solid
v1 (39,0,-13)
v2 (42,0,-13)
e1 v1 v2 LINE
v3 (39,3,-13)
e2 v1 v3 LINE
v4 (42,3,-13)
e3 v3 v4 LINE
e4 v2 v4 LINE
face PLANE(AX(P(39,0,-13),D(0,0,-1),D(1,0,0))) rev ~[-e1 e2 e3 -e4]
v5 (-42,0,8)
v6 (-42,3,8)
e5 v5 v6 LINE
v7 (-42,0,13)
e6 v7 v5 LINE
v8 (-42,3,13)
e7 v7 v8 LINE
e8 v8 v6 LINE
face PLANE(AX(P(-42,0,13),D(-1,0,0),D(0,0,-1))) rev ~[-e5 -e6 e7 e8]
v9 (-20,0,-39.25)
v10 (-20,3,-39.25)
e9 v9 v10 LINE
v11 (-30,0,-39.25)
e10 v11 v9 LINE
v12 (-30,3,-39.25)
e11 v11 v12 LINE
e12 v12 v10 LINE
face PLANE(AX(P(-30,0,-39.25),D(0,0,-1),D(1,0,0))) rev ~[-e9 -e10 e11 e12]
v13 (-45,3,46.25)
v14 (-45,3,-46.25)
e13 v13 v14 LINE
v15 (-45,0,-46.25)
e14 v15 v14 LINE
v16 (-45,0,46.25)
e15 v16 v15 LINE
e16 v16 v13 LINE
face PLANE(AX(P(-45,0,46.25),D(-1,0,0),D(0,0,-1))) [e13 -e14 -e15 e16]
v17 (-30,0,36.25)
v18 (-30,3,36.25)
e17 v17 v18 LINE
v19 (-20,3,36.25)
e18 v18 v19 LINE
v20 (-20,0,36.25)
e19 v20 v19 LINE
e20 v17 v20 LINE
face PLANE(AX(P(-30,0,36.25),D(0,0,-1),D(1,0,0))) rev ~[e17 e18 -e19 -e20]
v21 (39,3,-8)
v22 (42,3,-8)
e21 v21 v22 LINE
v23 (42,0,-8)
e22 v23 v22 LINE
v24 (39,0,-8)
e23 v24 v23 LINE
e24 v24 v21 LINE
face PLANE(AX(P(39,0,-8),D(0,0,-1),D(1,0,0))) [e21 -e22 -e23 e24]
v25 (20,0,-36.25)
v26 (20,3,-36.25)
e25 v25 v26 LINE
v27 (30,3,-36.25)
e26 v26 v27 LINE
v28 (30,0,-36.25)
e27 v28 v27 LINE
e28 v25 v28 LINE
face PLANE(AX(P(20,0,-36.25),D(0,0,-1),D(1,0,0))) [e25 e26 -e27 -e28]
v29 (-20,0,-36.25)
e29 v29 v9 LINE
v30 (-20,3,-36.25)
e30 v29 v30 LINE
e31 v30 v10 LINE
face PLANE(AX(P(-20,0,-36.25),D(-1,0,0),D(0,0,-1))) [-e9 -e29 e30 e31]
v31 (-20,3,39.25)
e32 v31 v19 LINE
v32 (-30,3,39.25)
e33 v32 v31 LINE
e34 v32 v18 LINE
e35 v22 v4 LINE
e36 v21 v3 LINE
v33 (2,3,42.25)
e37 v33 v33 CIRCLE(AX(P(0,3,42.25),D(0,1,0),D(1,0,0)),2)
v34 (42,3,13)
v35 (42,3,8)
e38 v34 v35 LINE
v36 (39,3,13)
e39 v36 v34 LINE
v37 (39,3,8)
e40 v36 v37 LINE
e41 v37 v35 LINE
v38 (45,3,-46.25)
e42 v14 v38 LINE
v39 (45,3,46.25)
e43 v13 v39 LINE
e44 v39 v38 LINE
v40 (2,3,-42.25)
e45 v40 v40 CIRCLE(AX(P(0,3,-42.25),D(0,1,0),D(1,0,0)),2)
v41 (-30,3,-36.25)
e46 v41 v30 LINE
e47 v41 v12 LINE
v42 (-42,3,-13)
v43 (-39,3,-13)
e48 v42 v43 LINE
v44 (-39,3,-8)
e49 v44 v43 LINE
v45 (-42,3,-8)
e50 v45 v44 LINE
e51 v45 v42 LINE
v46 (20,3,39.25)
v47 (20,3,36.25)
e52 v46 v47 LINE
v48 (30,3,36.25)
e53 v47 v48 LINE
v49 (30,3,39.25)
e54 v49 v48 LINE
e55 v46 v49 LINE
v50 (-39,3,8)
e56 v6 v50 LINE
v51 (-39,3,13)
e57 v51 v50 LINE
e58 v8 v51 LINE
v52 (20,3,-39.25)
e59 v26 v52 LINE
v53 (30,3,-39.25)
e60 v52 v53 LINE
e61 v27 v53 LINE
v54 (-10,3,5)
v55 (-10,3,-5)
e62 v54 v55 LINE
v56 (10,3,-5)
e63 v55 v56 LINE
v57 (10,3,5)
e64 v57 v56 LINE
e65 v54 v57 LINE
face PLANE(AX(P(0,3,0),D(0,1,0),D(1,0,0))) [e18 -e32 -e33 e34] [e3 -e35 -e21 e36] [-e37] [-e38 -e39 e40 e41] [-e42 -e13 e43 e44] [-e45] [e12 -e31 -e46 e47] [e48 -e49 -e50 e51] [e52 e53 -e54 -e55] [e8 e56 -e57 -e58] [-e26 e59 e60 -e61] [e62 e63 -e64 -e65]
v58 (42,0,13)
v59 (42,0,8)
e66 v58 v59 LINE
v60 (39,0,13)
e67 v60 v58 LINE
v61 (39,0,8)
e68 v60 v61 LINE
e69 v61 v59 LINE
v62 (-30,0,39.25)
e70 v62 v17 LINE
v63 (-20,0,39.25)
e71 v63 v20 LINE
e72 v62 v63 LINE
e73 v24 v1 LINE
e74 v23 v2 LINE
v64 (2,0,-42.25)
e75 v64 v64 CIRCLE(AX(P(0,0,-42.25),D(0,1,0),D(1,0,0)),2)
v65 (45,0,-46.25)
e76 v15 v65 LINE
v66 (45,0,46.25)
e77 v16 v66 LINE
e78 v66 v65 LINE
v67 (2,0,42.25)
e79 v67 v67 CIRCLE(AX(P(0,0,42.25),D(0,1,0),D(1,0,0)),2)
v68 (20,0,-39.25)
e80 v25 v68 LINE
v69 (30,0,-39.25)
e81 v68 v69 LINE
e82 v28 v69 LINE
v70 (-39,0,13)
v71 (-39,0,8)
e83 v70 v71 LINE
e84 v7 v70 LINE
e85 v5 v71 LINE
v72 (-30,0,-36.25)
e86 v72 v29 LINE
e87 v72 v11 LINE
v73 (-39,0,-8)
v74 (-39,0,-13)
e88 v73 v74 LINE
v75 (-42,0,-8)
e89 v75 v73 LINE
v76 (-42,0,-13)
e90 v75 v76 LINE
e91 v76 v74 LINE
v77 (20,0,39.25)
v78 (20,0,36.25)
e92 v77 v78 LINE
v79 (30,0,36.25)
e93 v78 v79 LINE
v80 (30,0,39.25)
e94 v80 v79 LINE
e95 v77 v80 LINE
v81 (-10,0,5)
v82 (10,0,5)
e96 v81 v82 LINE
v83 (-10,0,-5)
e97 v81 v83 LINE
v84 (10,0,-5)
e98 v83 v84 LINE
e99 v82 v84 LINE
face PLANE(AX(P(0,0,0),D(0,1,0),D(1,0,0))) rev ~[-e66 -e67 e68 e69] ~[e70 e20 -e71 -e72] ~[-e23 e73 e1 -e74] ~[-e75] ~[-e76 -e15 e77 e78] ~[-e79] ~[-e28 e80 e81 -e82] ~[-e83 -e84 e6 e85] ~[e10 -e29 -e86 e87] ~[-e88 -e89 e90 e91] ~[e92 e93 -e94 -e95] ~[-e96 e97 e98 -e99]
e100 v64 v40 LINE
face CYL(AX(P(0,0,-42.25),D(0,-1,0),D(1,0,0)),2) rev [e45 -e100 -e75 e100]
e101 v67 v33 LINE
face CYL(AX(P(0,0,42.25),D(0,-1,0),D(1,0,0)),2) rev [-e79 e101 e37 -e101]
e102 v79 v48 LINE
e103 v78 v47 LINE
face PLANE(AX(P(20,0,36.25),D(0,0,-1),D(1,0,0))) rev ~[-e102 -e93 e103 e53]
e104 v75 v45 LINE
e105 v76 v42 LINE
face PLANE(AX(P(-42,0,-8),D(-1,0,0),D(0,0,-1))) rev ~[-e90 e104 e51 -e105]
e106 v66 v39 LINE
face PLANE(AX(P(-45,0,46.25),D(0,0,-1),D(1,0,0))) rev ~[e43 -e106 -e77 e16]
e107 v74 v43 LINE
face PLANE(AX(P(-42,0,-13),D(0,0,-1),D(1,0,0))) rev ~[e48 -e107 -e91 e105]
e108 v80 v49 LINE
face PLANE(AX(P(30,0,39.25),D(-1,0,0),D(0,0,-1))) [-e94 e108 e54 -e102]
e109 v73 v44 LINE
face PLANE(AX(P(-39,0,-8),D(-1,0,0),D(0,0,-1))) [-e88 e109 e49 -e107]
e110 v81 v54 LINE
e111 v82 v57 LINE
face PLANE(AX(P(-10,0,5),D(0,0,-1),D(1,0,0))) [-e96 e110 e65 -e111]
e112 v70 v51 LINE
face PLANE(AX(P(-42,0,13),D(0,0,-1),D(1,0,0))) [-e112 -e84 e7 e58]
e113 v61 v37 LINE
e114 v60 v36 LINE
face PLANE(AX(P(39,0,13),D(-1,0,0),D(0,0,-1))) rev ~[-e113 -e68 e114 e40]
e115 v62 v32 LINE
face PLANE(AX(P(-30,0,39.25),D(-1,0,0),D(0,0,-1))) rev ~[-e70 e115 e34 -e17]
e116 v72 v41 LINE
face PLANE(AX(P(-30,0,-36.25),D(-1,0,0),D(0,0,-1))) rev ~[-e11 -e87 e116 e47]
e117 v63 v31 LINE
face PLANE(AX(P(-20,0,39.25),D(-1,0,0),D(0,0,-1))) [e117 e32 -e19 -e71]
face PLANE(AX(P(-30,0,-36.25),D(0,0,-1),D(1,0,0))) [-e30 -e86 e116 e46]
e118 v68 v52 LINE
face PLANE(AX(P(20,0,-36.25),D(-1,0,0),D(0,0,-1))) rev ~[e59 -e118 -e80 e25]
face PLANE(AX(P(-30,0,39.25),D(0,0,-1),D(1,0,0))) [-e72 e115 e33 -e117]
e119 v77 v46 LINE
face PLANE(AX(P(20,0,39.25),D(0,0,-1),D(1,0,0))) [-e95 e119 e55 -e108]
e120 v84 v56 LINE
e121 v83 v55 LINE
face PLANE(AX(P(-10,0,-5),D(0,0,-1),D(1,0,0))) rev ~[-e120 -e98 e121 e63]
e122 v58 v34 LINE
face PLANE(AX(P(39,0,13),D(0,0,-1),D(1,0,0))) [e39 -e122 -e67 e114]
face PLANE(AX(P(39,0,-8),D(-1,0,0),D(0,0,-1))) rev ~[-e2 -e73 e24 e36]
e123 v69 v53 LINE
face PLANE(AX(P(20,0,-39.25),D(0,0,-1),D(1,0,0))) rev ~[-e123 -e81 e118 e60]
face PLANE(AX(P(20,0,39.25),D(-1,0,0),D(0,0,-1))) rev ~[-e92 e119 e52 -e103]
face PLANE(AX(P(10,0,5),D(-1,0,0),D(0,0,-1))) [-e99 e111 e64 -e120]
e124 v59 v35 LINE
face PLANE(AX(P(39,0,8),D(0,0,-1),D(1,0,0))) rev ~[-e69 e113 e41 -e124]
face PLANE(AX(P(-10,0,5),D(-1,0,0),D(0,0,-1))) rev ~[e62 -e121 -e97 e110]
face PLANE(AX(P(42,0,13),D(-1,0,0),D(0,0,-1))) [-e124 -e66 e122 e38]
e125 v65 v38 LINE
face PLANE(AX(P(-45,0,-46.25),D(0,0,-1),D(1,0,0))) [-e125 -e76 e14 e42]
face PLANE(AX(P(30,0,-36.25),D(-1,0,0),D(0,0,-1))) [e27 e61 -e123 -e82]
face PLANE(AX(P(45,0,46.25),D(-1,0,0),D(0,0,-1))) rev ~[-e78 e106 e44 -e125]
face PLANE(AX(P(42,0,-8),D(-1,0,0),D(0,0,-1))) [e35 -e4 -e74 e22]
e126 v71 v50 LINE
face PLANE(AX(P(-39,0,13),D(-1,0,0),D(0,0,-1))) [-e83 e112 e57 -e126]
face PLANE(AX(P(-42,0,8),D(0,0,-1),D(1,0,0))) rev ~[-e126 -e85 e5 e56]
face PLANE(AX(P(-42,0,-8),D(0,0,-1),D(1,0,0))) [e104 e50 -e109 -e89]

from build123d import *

# Parameters (mm, degrees)
SKETCH2_W           = 90
SKETCH2_H           = 92.5
SKETCH2_R           = 2
SKETCH2_W_2         = 10
SKETCH2_H_2         = 3
SKETCH2_W_3         = 3
SKETCH2_H_3         = 5
SKETCH2_W_4         = 20
SKETCH2_H_4         = 10
BOSS_EXTRUDE1_DEPTH = 3


with BuildPart() as part:
    # Sketch2 → Boss-Extrude1 (new body)
    with BuildSketch(Plane(origin=(0, 0, 0), x_dir=(1, 0, 0), z_dir=(0, 1, 0))):
        Rectangle(SKETCH2_W, SKETCH2_H)
        with Locations((0, -42.25)):
            Circle(SKETCH2_R, mode=Mode.SUBTRACT)
        with Locations((0, 42.25)):
            Circle(SKETCH2_R, mode=Mode.SUBTRACT)
        with Locations((-25, 37.75)):
            Rectangle(SKETCH2_W_2, SKETCH2_H_2, mode=Mode.SUBTRACT)
        with Locations((-40.5, 10.5)):
            Rectangle(SKETCH2_W_3, SKETCH2_H_3, mode=Mode.SUBTRACT)
        with Locations((25, 37.75)):
            Rectangle(SKETCH2_W_2, SKETCH2_H_2, mode=Mode.SUBTRACT)
        with Locations((25, -37.75)):
            Rectangle(SKETCH2_W_2, SKETCH2_H_2, mode=Mode.SUBTRACT)
        with Locations((-25, -37.75)):
            Rectangle(SKETCH2_W_2, SKETCH2_H_2, mode=Mode.SUBTRACT)
        with Locations((-40.5, -10.5)):
            Rectangle(SKETCH2_W_3, SKETCH2_H_3, mode=Mode.SUBTRACT)
        with Locations((40.5, 10.5)):
            Rectangle(SKETCH2_W_3, SKETCH2_H_3, mode=Mode.SUBTRACT)
        with Locations((40.5, -10.5)):
            Rectangle(SKETCH2_W_3, SKETCH2_H_3, mode=Mode.SUBTRACT)
        Rectangle(SKETCH2_W_4, SKETCH2_H_4, mode=Mode.SUBTRACT)
    extrude(amount=BOSS_EXTRUDE1_DEPTH)


solid = part.part
